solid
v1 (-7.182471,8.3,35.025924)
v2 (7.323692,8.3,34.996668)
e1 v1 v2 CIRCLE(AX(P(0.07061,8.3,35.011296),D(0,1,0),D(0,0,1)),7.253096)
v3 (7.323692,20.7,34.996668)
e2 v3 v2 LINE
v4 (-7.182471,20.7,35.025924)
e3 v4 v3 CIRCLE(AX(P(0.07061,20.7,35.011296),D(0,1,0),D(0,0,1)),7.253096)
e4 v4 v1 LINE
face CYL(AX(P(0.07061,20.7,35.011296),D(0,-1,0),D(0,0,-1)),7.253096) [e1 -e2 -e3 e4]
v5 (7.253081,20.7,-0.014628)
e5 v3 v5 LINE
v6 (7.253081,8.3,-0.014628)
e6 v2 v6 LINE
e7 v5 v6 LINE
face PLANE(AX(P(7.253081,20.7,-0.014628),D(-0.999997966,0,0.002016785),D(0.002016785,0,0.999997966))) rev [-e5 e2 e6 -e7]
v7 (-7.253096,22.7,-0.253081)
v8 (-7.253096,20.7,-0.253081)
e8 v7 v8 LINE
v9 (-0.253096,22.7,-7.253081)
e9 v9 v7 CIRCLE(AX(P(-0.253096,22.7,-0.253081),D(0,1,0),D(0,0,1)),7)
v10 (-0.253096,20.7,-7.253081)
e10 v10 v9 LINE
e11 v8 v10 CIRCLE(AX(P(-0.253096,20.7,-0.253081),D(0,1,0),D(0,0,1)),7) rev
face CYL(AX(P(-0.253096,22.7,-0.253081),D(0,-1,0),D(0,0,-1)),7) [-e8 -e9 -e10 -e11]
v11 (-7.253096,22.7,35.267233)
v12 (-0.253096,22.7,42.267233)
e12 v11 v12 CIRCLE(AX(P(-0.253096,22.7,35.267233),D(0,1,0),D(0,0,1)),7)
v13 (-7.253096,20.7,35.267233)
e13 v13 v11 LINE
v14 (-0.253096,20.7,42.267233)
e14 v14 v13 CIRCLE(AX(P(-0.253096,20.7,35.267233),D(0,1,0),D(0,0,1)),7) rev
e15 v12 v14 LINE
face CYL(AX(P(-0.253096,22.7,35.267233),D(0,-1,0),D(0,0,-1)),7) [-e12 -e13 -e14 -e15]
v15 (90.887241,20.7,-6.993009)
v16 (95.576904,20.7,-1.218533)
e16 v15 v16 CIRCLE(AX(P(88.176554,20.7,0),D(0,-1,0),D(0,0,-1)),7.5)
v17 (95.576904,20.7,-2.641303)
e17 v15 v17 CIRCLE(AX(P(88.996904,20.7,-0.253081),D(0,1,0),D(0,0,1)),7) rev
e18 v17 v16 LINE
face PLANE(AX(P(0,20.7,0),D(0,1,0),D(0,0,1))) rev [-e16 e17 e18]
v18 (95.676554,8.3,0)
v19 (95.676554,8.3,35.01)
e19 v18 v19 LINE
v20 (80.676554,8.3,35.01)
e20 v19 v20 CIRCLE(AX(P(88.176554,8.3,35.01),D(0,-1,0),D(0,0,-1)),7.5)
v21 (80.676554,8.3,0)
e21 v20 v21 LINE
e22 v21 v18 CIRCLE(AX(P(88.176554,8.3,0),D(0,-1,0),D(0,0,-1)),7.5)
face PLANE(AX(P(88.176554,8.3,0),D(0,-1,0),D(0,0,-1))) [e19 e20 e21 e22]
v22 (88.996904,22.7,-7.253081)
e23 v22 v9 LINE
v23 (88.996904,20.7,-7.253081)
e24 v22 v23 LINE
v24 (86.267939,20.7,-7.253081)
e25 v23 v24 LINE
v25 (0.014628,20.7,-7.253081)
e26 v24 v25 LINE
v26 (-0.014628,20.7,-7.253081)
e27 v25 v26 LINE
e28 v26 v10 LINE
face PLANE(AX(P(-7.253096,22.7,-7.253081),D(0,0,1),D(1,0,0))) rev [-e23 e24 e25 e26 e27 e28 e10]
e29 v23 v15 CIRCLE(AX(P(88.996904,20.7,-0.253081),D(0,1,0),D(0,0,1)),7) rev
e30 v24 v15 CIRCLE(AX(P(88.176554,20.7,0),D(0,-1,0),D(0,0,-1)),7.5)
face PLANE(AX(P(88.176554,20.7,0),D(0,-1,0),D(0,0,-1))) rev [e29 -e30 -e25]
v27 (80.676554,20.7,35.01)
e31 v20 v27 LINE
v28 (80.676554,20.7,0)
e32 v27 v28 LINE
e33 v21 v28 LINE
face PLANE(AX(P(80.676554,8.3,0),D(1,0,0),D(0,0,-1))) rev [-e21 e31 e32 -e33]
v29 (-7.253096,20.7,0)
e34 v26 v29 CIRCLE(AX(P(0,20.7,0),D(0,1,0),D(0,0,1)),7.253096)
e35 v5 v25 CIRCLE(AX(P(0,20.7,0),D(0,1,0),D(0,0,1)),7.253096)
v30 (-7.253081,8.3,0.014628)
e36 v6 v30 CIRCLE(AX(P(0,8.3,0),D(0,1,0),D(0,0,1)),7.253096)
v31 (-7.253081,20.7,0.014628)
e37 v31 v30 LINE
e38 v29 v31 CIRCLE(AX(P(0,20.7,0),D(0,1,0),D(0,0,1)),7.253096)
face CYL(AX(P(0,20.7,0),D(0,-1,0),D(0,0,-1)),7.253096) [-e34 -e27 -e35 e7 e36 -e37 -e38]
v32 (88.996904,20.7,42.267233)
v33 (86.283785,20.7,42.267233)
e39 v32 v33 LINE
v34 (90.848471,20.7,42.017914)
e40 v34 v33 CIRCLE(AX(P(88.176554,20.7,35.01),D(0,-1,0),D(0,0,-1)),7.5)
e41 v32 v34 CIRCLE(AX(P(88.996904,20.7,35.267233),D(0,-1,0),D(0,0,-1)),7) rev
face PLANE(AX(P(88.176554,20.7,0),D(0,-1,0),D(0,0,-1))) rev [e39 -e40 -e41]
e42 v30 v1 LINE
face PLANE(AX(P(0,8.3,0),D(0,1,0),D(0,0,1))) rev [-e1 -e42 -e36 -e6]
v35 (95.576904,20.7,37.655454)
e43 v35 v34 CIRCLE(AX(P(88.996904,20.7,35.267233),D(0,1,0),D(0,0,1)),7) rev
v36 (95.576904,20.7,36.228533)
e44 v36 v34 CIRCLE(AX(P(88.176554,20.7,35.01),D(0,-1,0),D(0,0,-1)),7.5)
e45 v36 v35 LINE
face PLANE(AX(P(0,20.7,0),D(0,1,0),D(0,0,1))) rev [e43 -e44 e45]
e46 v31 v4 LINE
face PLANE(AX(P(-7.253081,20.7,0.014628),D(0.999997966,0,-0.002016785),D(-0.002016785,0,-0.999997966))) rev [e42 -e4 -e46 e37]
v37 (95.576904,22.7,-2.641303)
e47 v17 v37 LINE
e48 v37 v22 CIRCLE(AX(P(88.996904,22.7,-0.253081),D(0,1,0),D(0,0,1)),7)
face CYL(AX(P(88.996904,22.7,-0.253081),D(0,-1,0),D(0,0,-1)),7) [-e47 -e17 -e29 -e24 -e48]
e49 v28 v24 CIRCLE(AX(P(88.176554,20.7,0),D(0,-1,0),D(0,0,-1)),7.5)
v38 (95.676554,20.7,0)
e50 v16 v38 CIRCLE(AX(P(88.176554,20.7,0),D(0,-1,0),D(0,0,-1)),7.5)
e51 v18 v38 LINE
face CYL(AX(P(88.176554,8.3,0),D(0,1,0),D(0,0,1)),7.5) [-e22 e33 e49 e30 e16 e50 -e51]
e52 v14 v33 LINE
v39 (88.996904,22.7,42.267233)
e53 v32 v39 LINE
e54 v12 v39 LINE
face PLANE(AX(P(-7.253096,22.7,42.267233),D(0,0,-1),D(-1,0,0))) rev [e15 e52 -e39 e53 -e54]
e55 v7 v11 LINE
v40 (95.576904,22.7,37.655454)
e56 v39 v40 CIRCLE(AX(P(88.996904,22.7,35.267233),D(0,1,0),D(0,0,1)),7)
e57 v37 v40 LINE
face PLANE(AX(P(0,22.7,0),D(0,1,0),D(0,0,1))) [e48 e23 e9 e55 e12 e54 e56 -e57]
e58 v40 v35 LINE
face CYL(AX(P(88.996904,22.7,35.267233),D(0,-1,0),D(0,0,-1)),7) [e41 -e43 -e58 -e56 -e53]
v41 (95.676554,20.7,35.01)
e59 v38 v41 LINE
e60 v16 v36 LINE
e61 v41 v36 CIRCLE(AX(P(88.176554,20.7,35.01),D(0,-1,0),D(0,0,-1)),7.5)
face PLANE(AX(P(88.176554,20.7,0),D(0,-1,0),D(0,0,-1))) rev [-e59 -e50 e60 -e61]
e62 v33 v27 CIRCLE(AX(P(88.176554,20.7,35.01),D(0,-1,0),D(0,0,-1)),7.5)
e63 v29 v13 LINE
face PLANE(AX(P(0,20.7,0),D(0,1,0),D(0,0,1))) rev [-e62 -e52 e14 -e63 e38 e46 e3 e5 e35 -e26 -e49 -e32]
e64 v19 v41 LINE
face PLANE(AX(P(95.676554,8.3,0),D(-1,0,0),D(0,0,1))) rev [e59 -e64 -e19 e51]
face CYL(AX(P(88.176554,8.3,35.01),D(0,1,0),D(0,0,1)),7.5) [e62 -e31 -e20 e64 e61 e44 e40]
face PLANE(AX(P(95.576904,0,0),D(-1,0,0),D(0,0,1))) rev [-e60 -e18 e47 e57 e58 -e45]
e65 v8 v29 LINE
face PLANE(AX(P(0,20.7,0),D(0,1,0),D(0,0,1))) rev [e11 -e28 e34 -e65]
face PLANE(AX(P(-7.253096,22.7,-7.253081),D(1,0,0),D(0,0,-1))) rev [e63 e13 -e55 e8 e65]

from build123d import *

# Parameters (mm, degrees)
BOSS_EXTRUDE1_DEPTH = 4.5
BOSS_EXTRUDE2_DEPTH = 3.8
BOSS_EXTRUDE3_DEPTH = 12.4
SKETCH5_W           = 103.25
SKETCH5_H           = 49.520314098
BOSS_EXTRUDE4_DEPTH = 2
FILLET1_R           = 7
SKETCH6_W           = 74.836382047
SKETCH6_H           = 26.769621583
CUT_EXTRUDE1_DEPTH  = 0.42
SKETCH7_W           = 32.821875261
SKETCH7_H           = 64.99782183
CUT_EXTRUDE4_DEPTH  = 8.3
BOSS_EXTRUDE5_DEPTH = 12.4


with BuildPart() as part:
    # Sketch1 → Boss-Extrude1 (new body)
    with BuildSketch(Plane(origin=(0, 0, 0), x_dir=(1, 0, 0), z_dir=(0, 1, 0))):
        with BuildLine():
            Line((7.25, 0), (7.25, -35))
            ThreePointArc((7.25, -35), (0, -42.25), (-7.25, -35))
            Line((-7.25, -35), (-7.25, 0))
            ThreePointArc((-7.25, 0), (0, 7.25), (7.25, 0))
        make_face()
    extrude(amount=BOSS_EXTRUDE1_DEPTH)

    # Sketch3 → Boss-Extrude2 (add)
    with BuildSketch(Plane(origin=(0, 4.5, 0), x_dir=(1, 0, 0), z_dir=(0, 1, 0))):
        with BuildLine():
            Line((-2.622571491, -0.457666807), (-2.622571491, -35.011296081))
            ThreePointArc((-2.622571491, -35.011296081), (0.070610389, -37.704477961), (2.763792269, -35.011296081))
            Line((2.763792269, -35.011296081), (2.763792269, -0.457666807))
            ThreePointArc((2.763792269, -0.457666807), (0.070610389, 2.718626164), (-2.622571491, -0.457666807))
        make_face()
    extrude(amount=BOSS_EXTRUDE2_DEPTH)

    # Sketch4 → Boss-Extrude3 (add)
    with BuildSketch(Plane(origin=(0, 8.3, 0), x_dir=(1, 0, 0), z_dir=(0, 1, 0))):
        with BuildLine():
            Line((7.25308141, 0.014627933), (7.323691799, -34.996668148))
            ThreePointArc((7.323691799, -34.996668148), (0.085238322, -42.264377491), (-7.182471021, -35.025924014))
            Line((-7.182471021, -35.025924014), (-7.25308141, -0.014627933))
            ThreePointArc((-7.25308141, -0.014627933), (-0.014627933, 7.25308141), (7.25308141, 0.014627933))
        make_face()
    extrude(amount=BOSS_EXTRUDE3_DEPTH)

    # Sketch5 → Boss-Extrude4 (add)
    with BuildSketch(Plane(origin=(0, 20.7, 0), x_dir=(1, 0, 0), z_dir=(0, 1, 0))):
        with Locations((44.371903839, -17.507075639)):
            Rectangle(SKETCH5_W, SKETCH5_H)
    extrude(amount=BOSS_EXTRUDE4_DEPTH)

    # Fillet1
    fillet1_edges = [part.edges().sort_by_distance(p)[0] for p in [
        (95.996903839, 21.7, 42.267232688),
        (95.996903839, 21.7, -7.25308141),
        (-7.253096161, 21.7, -7.25308141),
        (-7.253096161, 21.7, 42.267232688),
    ]]
    fillet(fillet1_edges, radius=FILLET1_R)

    # Sketch6 → Cut-Extrude1 (cut)
    with BuildSketch(Plane(origin=(95.996903839, 0, 0), x_dir=(0, 0, -1), z_dir=(1, 0, 0))):
        with Locations((-22.928368507, 17.221399119)):
            Rectangle(SKETCH6_W, SKETCH6_H)
    extrude(amount=-CUT_EXTRUDE1_DEPTH, mode=Mode.SUBTRACT)

    # Sketch7 → Cut-Extrude4 (cut)
    with BuildSketch(Plane.XZ):
        with Locations((-1.71559597, 16.327002209)):
            Rectangle(SKETCH7_W, SKETCH7_H)
    extrude(amount=-CUT_EXTRUDE4_DEPTH, mode=Mode.SUBTRACT)

    # Sketch9 → Boss-Extrude5 (add)
    with BuildSketch(Plane.XZ.offset(-20.7)):
        with BuildLine():
            Line((80.676554066, 0), (80.676554066, 35.01))
            ThreePointArc((80.676554066, 35.01), (88.176554066, 42.51), (95.676554066, 35.01))
            Line((95.676554066, 35.01), (95.676554066, 0))
            ThreePointArc((95.676554066, 0), (88.176554066, -7.5), (80.676554066, 0))
        make_face()
    extrude(amount=BOSS_EXTRUDE5_DEPTH)


solid = part.part
